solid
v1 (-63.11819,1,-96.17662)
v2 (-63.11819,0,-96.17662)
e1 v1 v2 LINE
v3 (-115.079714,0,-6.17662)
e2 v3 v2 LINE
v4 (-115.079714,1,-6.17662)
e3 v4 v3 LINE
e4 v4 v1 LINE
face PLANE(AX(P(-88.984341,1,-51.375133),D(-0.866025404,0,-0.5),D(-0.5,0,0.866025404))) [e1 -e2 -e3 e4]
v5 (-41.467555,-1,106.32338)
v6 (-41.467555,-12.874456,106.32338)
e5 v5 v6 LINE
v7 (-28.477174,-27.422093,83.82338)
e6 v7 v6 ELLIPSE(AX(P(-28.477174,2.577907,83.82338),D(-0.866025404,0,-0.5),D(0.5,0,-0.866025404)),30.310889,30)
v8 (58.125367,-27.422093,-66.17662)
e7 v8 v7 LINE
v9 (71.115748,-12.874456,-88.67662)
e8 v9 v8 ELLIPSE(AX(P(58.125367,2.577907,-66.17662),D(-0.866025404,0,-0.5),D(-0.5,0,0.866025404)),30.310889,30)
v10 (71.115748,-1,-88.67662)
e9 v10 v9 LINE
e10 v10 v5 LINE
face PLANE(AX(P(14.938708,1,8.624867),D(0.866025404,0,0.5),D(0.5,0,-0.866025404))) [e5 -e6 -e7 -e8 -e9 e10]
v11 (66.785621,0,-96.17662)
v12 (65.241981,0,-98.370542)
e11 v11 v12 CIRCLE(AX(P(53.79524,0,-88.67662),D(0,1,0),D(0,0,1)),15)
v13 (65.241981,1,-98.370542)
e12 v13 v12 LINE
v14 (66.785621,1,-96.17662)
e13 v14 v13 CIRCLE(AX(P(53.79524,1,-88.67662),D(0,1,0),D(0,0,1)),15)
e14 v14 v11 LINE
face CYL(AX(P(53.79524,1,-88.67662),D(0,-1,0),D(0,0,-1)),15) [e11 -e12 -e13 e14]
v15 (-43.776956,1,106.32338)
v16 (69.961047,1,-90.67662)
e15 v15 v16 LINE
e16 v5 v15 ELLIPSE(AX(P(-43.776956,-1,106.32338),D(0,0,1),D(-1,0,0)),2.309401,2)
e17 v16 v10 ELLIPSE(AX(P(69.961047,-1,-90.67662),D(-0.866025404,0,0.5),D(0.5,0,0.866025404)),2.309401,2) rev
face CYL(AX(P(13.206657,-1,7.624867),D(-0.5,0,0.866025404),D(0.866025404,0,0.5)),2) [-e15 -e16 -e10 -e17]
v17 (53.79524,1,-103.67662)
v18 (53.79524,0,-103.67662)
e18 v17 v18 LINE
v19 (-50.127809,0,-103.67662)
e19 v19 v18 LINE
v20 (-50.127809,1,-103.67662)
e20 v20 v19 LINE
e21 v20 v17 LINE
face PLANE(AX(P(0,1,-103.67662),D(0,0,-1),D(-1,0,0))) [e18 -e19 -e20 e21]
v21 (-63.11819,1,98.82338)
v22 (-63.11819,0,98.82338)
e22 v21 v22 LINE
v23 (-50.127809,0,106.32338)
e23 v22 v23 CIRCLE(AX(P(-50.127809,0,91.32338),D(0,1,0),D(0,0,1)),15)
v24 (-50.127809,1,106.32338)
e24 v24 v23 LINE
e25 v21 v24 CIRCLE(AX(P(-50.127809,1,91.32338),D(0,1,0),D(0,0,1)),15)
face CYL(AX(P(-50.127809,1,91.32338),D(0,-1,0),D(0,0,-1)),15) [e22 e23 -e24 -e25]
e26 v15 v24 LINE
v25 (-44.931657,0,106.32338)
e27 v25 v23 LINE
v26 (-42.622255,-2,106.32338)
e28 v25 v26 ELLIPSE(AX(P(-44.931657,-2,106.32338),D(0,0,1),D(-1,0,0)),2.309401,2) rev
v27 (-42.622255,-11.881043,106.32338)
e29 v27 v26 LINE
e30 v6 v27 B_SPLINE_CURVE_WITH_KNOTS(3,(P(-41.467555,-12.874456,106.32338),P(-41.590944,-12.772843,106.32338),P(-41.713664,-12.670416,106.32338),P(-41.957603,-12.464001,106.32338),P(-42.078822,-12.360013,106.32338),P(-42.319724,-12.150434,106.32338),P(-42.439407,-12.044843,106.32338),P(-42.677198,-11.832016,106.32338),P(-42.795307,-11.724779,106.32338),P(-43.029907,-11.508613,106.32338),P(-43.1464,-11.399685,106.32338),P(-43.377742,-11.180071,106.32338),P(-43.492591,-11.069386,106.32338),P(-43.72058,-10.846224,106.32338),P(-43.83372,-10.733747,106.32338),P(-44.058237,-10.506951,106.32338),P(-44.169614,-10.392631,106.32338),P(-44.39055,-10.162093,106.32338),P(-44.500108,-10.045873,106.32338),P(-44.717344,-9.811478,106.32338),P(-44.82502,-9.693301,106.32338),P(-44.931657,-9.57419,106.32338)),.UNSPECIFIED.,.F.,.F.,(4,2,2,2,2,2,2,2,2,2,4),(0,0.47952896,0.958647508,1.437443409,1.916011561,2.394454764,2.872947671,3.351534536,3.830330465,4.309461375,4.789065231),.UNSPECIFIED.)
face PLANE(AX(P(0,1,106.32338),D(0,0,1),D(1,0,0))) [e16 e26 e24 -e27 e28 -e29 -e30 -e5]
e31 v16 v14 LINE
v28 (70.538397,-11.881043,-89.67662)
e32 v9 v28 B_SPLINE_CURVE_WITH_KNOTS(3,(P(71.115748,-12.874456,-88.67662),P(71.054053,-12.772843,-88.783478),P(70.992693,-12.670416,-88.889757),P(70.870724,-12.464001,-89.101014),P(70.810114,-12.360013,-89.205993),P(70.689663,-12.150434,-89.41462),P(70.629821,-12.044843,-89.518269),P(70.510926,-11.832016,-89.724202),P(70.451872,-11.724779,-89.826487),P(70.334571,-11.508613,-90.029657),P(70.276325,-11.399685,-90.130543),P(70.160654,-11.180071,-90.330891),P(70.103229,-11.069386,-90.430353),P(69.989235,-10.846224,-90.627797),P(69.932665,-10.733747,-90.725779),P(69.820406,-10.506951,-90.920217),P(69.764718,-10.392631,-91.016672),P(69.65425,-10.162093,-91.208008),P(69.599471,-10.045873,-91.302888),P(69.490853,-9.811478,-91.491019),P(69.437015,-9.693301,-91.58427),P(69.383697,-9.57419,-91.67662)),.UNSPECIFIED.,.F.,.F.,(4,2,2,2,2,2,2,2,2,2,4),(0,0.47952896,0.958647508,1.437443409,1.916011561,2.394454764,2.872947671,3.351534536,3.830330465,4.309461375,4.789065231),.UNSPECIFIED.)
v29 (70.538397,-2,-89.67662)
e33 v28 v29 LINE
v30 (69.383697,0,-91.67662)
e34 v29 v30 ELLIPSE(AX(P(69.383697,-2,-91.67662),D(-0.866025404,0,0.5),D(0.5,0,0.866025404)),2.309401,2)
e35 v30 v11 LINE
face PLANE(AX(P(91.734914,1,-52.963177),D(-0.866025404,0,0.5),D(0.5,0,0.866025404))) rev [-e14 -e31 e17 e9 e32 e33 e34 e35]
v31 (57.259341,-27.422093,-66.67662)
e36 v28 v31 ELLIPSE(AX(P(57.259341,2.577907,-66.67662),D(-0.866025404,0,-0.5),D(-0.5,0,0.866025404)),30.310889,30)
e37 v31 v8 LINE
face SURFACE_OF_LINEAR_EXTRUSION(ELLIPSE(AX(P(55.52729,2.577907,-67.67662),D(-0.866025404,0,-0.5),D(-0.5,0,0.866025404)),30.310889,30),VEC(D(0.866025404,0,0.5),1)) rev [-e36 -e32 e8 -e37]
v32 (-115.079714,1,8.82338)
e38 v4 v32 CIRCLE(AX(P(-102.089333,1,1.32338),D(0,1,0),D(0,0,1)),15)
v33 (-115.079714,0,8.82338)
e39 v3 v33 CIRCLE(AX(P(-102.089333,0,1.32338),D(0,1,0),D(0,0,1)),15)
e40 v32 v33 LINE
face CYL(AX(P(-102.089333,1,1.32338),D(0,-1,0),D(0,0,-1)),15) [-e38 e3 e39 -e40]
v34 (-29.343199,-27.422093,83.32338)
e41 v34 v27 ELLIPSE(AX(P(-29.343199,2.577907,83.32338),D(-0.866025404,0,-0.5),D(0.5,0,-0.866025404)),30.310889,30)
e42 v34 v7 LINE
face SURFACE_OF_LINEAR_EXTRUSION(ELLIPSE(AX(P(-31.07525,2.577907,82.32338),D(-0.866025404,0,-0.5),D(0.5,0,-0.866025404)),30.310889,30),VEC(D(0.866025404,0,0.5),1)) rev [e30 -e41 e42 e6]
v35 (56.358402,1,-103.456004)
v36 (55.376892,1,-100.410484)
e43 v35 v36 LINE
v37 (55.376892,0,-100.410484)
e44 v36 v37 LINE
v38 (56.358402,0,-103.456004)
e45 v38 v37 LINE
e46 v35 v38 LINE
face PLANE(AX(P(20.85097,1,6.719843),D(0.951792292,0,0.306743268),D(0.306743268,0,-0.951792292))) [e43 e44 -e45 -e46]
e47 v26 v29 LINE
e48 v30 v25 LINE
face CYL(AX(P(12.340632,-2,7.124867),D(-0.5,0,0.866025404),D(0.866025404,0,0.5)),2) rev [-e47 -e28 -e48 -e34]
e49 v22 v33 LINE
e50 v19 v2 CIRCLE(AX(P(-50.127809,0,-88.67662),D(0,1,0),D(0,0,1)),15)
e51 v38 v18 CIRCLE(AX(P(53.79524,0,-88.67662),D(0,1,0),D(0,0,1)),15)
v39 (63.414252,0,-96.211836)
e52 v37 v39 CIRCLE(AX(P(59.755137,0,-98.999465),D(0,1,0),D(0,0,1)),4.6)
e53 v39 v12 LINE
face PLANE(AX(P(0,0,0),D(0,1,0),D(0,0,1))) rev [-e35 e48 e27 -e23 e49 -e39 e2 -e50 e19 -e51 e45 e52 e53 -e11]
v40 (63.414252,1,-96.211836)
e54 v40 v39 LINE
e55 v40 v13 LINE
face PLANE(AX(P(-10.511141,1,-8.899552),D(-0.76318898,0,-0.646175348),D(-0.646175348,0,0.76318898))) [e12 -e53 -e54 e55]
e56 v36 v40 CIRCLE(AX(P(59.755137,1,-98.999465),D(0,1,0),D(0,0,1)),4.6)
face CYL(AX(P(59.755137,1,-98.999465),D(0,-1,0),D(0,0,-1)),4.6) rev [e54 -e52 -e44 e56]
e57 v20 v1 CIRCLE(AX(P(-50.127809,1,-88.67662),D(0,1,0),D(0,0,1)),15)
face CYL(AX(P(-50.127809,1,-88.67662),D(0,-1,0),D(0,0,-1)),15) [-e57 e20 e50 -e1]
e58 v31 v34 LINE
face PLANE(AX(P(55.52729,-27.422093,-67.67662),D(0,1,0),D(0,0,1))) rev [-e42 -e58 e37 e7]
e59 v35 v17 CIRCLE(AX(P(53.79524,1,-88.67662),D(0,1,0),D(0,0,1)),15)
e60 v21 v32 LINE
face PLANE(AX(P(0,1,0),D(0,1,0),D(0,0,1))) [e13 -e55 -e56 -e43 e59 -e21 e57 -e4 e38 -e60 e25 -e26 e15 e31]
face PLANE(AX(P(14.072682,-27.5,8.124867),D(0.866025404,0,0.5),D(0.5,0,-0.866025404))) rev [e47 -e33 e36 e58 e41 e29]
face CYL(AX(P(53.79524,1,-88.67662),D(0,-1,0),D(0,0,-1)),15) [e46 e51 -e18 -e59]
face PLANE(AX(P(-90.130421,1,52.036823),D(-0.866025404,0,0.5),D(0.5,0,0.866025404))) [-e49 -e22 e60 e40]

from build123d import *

# Parameters (mm, degrees)
SALIENTE_EXTRUIR1_DEPTH = 1
SALIENTE_EXTRUIR2_DEPTH = 27.5
REDONDEO1_R             = 2
CORTAR_EXTRUIR1_DEPTH   = 3


with BuildPart() as part:
    # Croquis1 → Saliente-Extruir1 (new body)
    with BuildSketch(Plane(origin=(0, 0, 0), x_dir=(1, 0, 0), z_dir=(0, 1, 0))):
        with BuildLine():
            Line((-115.079714212, -8.823380035), (-63.118189984, -98.823380035))
            ThreePointArc((-63.118189984, -98.823380035), (-57.627808928, -104.313761092), (-50.127808928, -106.323380035))
            Line((-50.127808928, -106.323380035), (-41.46755489, -106.323380035))
            Line((-41.46755489, -106.323380035), (71.115747602, 88.676619965))
            Line((71.115747602, 88.676619965), (66.785620583, 96.176619965))
            ThreePointArc((66.785620583, 96.176619965), (66.062943429, 97.308157543), (65.241980727, 98.37054156))
            Line((65.241980727, 98.37054156), (65.207007249, 98.329234857))
            Line((65.207007249, 98.329234857), (63.414251951, 96.211835777))
            ThreePointArc((63.414251951, 96.211835777), (57.625242859, 94.922266282), (55.376892454, 100.410484227))
            Line((55.376892454, 100.410484227), (56.341107438, 103.402342517))
            Line((56.341107438, 103.402342517), (56.358401529, 103.456004274))
            ThreePointArc((56.358401529, 103.456004274), (55.08155896, 103.621364269), (53.795239526, 103.676619965))
            Line((53.795239526, 103.676619965), (-50.127808928, 103.676619965))
            ThreePointArc((-50.127808928, 103.676619965), (-57.627808928, 101.667001022), (-63.118189984, 96.176619965))
            Line((-63.118189984, 96.176619965), (-115.079714212, 6.176619965))
            ThreePointArc((-115.079714212, 6.176619965), (-117.089333155, -1.323380035), (-115.079714212, -8.823380035))
        make_face()
    extrude(amount=SALIENTE_EXTRUIR1_DEPTH)

    # Croquis2 → Saliente-Extruir2 (add)
    with BuildSketch(Plane.XZ):
        Polygon((70.538397333, -89.676619965), (71.115747602, -88.676619965), (-41.46755489, 106.323380035), (-42.622255428, 106.323380035), align=None)
    extrude(amount=SALIENTE_EXTRUIR2_DEPTH)

    # Redondeo1
    redondeo1_edges = [part.edges().sort_by_distance(p)[0] for p in [
        (13.958070952, 0, 8.323380035),
        (14.824096356, 1, 8.823380035),
    ]]
    fillet(redondeo1_edges, radius=REDONDEO1_R)

    # Croquis3 → Cortar-Extruir1 (cut)
    with BuildSketch(Plane(origin=(14.938707896, 0, 8.624867025), x_dir=(0.49999999999999983, 0, -0.8660254037844387), z_dir=(0.8660254037844387, 0, 0.49999999999999983))):
        with BuildLine():
            Line((-117.14265259, 2.577906999), (-128.509159891, -12.943048078))
            Line((-128.509159891, -12.943048078), (-113.226187721, -43.828381759))
            Line((-113.226187721, -43.828381759), (121.292947467, -43.828381759))
            Line((121.292947467, -43.828381759), (140.229409901, -2.708549898))
            Line((140.229409901, -2.708549898), (116.684206431, 2.577906999))
            add(Edge.make_bspline(
                [(86.373317299, -27.422093001), (116.684206431, -27.422093001), (116.684206431, 2.577906999)],
                knots=[1.570796327, 1.570796327, 1.570796327, 3.141592654, 3.141592654, 3.141592654], degree=2, weights=[1, 0.707106781, 1]))
            Line((86.373317299, -27.422093001), (-86.831763458, -27.422093001))
            add(Edge.make_bspline(
                [(-117.14265259, 2.577906999), (-117.14265259, -27.422093001), (-86.831763458, -27.422093001)],
                knots=[3.141592654, 3.141592654, 3.141592654, 4.71238898, 4.71238898, 4.71238898], degree=2, weights=[1, 0.707106781, 1]))
        make_face()
    extrude(amount=-CORTAR_EXTRUIR1_DEPTH, mode=Mode.SUBTRACT)


solid = part.part
